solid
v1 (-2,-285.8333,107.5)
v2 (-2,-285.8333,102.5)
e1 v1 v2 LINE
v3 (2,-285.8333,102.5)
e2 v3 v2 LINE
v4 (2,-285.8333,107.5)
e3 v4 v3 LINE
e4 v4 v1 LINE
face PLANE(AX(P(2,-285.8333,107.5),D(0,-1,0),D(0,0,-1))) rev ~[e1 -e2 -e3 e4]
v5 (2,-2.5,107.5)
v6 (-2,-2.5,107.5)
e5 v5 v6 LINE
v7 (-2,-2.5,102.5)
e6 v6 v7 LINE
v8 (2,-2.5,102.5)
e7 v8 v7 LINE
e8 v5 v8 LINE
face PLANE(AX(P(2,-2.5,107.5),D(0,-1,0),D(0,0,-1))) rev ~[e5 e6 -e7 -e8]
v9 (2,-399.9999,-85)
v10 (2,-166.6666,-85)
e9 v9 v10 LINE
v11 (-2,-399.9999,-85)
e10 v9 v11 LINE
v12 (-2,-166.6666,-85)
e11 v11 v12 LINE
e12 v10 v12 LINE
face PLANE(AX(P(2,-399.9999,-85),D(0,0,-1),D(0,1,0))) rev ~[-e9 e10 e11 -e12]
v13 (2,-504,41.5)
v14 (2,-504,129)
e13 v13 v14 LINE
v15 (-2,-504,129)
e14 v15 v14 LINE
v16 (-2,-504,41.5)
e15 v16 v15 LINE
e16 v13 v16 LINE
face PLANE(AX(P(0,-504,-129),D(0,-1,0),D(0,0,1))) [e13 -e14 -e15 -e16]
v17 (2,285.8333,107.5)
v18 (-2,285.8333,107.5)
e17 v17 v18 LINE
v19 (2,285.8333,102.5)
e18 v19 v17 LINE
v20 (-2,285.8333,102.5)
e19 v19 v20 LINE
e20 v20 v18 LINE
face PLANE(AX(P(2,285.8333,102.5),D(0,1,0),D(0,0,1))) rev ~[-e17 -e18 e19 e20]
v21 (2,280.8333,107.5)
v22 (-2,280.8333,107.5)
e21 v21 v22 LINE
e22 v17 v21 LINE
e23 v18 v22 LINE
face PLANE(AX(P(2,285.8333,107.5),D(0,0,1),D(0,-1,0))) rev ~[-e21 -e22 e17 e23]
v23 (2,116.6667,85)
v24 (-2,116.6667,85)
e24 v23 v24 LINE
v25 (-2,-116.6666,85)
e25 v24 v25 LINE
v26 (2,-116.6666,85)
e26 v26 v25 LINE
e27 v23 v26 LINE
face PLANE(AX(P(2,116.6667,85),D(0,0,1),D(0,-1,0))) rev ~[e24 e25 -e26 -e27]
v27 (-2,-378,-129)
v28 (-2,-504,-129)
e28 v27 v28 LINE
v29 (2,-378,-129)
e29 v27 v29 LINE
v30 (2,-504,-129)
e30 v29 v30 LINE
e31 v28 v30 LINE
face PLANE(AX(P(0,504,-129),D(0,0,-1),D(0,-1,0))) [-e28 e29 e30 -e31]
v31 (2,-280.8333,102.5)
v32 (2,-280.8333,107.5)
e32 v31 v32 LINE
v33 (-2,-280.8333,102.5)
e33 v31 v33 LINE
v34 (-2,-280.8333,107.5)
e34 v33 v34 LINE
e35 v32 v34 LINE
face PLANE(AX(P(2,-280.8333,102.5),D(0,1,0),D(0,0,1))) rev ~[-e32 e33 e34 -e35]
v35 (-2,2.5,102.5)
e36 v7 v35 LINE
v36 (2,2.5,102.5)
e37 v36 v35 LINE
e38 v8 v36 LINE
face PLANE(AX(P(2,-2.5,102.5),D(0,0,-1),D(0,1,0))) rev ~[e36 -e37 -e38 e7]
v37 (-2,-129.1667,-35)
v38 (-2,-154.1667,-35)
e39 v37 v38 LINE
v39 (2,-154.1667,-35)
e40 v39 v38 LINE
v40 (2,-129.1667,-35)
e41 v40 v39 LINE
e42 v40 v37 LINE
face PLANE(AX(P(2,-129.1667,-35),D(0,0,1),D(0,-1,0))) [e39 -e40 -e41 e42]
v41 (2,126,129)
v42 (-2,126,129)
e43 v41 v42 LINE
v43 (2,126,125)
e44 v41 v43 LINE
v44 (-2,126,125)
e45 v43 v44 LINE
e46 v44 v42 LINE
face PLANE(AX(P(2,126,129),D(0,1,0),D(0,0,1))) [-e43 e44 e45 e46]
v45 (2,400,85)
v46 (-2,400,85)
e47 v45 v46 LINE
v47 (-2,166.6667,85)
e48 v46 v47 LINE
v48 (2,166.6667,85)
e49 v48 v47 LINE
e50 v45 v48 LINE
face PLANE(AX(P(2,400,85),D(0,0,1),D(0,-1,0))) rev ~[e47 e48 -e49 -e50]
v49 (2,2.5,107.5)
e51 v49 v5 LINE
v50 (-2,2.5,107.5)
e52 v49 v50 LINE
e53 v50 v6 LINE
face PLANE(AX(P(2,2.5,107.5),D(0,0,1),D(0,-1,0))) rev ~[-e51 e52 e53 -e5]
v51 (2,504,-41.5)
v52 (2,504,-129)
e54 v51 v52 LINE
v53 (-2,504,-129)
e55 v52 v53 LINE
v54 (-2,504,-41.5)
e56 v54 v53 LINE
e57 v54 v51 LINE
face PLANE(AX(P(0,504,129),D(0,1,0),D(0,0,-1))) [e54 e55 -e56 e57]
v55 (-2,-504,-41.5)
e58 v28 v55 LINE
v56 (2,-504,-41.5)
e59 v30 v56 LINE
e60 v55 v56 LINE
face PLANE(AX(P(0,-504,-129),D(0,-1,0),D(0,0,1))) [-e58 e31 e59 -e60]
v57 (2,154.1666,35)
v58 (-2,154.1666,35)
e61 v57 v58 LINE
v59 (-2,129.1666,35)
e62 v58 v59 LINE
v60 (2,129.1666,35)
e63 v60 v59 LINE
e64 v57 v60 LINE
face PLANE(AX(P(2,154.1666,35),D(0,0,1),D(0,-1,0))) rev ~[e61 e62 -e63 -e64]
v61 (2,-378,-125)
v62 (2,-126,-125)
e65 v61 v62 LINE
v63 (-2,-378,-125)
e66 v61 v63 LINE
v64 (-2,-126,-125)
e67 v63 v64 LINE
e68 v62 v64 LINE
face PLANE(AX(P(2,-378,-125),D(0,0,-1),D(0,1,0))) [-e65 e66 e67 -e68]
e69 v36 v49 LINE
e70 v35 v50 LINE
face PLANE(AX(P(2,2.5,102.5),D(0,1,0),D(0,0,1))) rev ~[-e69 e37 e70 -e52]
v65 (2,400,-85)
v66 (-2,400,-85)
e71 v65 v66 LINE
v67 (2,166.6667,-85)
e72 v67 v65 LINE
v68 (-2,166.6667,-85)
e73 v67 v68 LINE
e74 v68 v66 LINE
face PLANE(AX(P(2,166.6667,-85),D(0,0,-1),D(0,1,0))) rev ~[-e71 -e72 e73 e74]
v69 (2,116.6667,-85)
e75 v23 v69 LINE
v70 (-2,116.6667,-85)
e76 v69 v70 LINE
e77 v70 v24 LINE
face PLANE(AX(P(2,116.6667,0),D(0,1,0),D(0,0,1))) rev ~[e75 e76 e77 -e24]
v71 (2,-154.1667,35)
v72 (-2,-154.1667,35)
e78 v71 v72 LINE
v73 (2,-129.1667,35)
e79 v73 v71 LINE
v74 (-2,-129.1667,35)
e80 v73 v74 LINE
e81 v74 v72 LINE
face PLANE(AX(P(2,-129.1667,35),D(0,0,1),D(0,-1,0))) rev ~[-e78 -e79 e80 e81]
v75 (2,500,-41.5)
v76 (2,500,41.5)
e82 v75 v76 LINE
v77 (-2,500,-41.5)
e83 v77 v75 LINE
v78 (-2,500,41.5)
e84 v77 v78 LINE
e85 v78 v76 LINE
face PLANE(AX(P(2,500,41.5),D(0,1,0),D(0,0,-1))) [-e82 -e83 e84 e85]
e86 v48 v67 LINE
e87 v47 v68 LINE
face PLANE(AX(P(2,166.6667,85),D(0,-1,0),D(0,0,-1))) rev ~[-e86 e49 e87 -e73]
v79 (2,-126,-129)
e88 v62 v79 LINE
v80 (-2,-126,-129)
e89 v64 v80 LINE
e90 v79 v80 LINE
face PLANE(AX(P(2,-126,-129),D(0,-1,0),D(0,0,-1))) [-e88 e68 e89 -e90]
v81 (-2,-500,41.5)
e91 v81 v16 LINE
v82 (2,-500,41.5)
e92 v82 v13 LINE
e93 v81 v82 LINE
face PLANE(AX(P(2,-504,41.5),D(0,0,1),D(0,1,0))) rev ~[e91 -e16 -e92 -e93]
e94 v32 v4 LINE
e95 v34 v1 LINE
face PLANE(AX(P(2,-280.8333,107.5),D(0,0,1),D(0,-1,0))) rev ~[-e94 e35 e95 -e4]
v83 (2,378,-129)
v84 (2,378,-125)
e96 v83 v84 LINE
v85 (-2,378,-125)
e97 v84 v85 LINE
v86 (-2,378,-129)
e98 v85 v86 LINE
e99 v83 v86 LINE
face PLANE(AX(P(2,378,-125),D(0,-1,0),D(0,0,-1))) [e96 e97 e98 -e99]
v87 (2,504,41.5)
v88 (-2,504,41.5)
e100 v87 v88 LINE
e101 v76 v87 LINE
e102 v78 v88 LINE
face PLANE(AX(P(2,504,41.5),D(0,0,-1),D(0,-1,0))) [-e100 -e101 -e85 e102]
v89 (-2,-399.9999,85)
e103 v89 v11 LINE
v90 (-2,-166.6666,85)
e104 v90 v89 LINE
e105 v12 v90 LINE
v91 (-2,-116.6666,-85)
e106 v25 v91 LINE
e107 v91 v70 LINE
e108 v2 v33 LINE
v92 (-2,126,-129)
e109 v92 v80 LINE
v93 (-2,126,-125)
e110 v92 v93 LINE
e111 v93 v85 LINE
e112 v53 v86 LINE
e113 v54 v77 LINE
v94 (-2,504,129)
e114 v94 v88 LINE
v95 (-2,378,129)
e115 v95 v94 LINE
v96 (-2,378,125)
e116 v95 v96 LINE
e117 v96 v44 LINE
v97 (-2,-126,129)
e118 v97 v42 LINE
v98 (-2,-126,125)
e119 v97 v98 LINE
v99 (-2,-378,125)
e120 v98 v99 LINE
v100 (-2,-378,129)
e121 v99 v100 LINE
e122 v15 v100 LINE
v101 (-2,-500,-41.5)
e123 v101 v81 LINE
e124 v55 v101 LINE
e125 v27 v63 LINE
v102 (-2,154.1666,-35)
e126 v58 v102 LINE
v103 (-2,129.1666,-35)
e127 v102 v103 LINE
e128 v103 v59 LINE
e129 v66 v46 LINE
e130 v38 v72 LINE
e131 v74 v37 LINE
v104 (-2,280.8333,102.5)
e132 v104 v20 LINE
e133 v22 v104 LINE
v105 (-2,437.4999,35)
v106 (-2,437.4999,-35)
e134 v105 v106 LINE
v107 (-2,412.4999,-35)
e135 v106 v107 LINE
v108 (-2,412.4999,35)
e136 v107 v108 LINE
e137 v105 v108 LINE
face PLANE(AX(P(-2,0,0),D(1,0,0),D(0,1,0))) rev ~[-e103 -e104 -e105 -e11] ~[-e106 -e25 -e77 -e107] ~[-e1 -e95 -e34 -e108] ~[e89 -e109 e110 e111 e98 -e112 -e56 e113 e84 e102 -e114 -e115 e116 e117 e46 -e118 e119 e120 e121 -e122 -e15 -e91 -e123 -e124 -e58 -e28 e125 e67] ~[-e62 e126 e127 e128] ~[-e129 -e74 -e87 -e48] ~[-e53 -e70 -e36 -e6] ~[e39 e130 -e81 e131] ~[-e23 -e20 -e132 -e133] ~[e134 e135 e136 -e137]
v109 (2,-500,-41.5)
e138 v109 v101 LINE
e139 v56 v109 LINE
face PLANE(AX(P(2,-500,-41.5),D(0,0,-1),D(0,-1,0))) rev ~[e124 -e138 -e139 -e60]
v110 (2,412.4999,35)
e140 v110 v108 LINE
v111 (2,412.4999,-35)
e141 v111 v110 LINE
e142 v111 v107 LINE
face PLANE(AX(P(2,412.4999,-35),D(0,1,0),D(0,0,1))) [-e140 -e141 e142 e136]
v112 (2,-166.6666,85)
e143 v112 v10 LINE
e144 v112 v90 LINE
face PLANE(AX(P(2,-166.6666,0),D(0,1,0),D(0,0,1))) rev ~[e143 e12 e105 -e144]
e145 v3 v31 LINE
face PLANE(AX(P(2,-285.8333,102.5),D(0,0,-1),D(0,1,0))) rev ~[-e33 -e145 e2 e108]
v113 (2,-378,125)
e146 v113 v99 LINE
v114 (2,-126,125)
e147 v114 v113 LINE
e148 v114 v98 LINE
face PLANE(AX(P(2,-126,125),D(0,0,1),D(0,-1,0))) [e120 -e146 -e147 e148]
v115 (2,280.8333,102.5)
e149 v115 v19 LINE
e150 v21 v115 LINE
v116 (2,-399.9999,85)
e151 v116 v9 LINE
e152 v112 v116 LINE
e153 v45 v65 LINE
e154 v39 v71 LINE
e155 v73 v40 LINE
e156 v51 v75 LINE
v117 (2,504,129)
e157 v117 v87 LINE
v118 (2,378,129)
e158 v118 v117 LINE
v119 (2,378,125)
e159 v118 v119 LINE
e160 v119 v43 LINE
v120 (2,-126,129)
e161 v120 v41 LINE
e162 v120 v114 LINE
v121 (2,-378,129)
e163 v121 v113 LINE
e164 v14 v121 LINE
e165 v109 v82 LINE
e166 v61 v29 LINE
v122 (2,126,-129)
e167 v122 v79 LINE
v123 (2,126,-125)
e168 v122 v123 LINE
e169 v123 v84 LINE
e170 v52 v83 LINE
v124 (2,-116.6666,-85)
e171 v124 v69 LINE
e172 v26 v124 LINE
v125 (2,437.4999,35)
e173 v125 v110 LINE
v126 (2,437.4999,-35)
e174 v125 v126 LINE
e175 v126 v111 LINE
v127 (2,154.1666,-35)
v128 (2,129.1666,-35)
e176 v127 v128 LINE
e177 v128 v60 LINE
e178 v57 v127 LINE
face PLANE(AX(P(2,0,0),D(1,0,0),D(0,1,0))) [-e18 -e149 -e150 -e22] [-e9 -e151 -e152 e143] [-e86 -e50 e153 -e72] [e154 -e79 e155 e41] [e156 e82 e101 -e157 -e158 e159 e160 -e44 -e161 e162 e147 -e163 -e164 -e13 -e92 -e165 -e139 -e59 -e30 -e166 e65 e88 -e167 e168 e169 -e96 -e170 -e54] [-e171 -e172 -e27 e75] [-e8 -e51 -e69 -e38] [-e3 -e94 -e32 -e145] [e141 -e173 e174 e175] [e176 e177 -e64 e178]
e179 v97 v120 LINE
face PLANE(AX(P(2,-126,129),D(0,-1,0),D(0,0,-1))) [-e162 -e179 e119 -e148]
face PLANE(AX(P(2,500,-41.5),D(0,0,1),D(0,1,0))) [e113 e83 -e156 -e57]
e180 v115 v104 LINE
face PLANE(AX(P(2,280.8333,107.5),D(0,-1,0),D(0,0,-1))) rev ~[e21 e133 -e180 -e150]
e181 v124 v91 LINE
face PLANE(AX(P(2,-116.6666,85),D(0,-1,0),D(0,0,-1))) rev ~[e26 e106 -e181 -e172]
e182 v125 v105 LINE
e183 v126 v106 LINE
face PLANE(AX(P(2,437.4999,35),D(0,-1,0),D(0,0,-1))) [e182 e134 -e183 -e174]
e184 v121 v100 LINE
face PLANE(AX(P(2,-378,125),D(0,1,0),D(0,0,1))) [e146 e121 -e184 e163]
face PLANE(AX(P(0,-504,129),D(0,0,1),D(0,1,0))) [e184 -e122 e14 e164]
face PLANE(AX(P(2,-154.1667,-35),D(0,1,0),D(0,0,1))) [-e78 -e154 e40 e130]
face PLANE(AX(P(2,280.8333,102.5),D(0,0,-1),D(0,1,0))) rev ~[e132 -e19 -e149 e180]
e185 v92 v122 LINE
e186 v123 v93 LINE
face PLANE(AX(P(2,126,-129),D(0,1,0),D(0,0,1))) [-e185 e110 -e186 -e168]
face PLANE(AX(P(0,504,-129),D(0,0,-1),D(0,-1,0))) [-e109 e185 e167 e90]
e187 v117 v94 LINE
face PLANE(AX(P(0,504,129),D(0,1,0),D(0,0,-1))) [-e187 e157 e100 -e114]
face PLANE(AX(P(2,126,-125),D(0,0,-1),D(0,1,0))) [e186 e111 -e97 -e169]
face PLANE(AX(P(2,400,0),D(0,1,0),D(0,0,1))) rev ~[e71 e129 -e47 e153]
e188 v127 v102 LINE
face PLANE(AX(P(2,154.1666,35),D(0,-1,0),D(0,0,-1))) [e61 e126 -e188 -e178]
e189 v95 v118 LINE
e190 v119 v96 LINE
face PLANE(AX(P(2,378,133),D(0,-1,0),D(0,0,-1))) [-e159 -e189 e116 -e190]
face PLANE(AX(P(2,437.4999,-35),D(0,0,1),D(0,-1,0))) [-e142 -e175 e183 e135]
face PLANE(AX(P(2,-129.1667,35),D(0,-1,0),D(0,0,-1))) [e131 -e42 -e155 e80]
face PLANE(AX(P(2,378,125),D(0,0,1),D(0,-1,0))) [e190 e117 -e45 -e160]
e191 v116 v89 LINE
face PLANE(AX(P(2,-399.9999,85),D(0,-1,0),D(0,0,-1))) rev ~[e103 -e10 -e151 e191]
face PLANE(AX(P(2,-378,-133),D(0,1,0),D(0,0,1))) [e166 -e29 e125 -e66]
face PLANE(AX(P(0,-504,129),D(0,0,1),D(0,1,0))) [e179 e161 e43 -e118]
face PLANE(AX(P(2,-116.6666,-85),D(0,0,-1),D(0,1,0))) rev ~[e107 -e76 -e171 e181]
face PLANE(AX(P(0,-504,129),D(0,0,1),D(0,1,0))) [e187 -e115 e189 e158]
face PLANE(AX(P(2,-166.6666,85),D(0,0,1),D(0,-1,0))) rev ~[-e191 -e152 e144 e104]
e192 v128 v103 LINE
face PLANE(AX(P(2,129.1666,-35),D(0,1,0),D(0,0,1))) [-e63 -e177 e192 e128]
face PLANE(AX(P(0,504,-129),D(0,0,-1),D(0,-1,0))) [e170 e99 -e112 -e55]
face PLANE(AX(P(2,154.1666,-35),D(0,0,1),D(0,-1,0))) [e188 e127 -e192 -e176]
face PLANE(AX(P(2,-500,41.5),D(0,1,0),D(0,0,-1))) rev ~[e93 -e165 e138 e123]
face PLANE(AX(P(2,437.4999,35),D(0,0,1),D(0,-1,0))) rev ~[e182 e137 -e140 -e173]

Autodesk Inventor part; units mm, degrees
ref_plane "YZ Plane" through (0, 0, 0) normal (1, 0, 0) x (0, 1, 0)
ref_plane "XZ Plane" through (0, 0, 0) normal (0, 1, 0) x (-1, 0, 0)
ref_plane "XY Plane" through (0, 0, 0) normal (0, 0, 1) x (1, 0, 0)
sketch "Esboço1" plane through (0, 0, 0) normal (1, 0, 0) x (0, 1, 0)
  line L0 (-504, 129) -> (504, 129)
  line L1 (504, 129) -> (504, -129)
  line L2 (504, -129) -> (-504, -129)
  line L3 (-504, -129) -> (-504, 129)
  line L4 (-504, 129) -> (504, -129) construction
  line L5 (504, 129) -> (-504, -129) construction
  point P0 (0, 0)
  dimension "d0" = 1008
  dimension "d1" = 258
extrude "Extrusão1" add sketch "Esboço1" along normal mid plane 4
sketch "Esboço2" plane through (2, 0, 0) normal (1, 0, 0) x (0, 0, -1)
  line L0 (-133, 378) -> (-125, 378)
  line L1 (-125, 378) -> (-125, 126)
  line L2 (-125, 126) -> (-133, 126)
  line L3 (-133, 126) -> (-133, 378)
  line L4 (-129, 504) -> (-129, -504) projected
  line L5 (-133, 378) -> (-125, 126) construction
  line L6 (-125, 378) -> (-133, 126) construction
  line L7 (129, 504) -> (-129, 504) projected
  line L8 (-133, -126) -> (-125, -126)
  line L9 (-125, -126) -> (-125, -378)
  line L10 (-125, -378) -> (-133, -378)
  line L11 (-133, -378) -> (-133, -126)
  line L12 (-133, -126) -> (-125, -378) construction
  line L13 (-125, -126) -> (-133, -378) construction
  line L14 (-129, -504) -> (129, -504) projected
  line L15 (125, 378) -> (133, 378)
  line L16 (133, 378) -> (133, 126)
  line L17 (133, 126) -> (125, 126)
  line L18 (125, 126) -> (125, 378)
  line L19 (129, -504) -> (129, 504) projected
  line L20 (125, 378) -> (133, 126) construction
  line L21 (133, 378) -> (125, 126) construction
  line L22 (125, -126) -> (133, -126)
  line L23 (133, -126) -> (133, -378)
  line L24 (133, -378) -> (125, -378)
  line L25 (125, -378) -> (125, -126)
  line L26 (125, -126) -> (133, -378) construction
  line L27 (133, -126) -> (125, -378) construction
  point P0 (0, 0)
  point P1 (-129, 252)
  point P2 (-129, -252)
  point P3 (129, 252)
  point P4 (129, -252)
  dimension "d4" = 8
  dimension "d5" = 252
  dimension "d6" = 126
  dimension "d7" = 8
  dimension "d8" = 252
  dimension "d9" = 252
  dimension "d10" = 126
  dimension "d11" = 126
  dimension "d12" = 252
  dimension "d13" = 8
  dimension "d14" = 252
  dimension "d15" = 8
  dimension "d16" = 252
  dimension "d17" = 126
extrude "Extrusão2" cut sketch "Esboço2" along normal through all both and the other way through all contours L0 L4 L2 L3 | L0 L1 L2 L4 | L8 L9 L10 L4 | L4 L10 L11 L8 | L19 L17 L18 L15 | L15 L16 L17 L19 | L22 L23 L24 L19 | L19 L24 L25 L22
sketch "Esboço3" plane through (2, 0, 0) normal (1, 0, 0) x (0, 0, -1)
  line L0 (-41.5, 500) -> (41.5, 500)
  line L1 (41.5, 500) -> (41.5, 508)
  line L2 (41.5, 508) -> (-41.5, 508)
  line L3 (-41.5, 508) -> (-41.5, 500)
  line L4 (129, 504) -> (-129, 504) projected
  line L5 (-41.5, 500) -> (41.5, 508) construction
  line L6 (41.5, 500) -> (-41.5, 508) construction
  line L7 (-41.5, -500) -> (41.5, -500)
  line L8 (41.5, -500) -> (41.5, -508)
  line L9 (41.5, -508) -> (-41.5, -508)
  line L10 (-41.5, -508) -> (-41.5, -500)
  line L11 (-129, -504) -> (129, -504) projected
  line L12 (-41.5, -500) -> (41.5, -508) construction
  line L13 (41.5, -500) -> (-41.5, -508) construction
  point P0 (0, 0)
  point P1 (0, 504)
  point P2 (0, -504)
  dimension "d20" = 83
  dimension "d21" = 8
  dimension "d22" = 83
  dimension "d23" = 8
extrude "Extrusão3" cut sketch "Esboço3" along normal through all both and the other way through all
sketch "Esboço5" plane through (2, 0, 0) normal (1, 0, 0) x (0, 0, -1)
  line L0 (41.5, 500) -> (-41.5, 500) projected
  line L1 (0, 400) -> (-85, 400)
  line L2 (-125, 378) -> (-125, 126) projected
  line L3 (0, 400) -> (85, 400)
  line L4 (-85, 400) -> (-85, 166.6667)
  line L5 (-85, 166.6667) -> (85, 166.6667)
  line L6 (85, 166.6667) -> (85, 400)
  point P0 (0, 0)
  dimension "d39" = 85
  dimension "d40" = 85
  dimension "d41" = 233.3333
extrude "Extrusão5" cut sketch "Esboço5" against normal through all
pattern_linear "Padrão retangular2" count 3 spacing 283.3333 along (0, -1, 0) of "Extrusão5"
sketch "Esboço6" plane through (2, 0, 0) normal (1, 0, 0) x (0, 0, -1)
  line L0 (-85, -166.6667) -> (85, -166.6667) projected
  line L1 (85, -116.6667) -> (-85, -116.6667) projected
  line L2 (-85, -116.6667) -> (-35, -116.6667)
  line L3 (85, -116.6667) -> (35, -116.6667)
  line L4 (35, -116.6667) -> (-35, -116.6667)
  line L5 (-35, -129.1667) -> (35, -129.1667)
  line L6 (35, -129.1667) -> (35, -154.1667)
  line L7 (35, -154.1667) -> (-35, -154.1667)
  line L8 (-35, -129.1667) -> (-35, -154.1667)
  point P0 (0, 0)
  dimension "d47" = 50
  dimension "d48" = 50
  dimension "d49" = 50
  dimension "d50" = 12.5
  dimension "d51" = 25
extrude "Extrusão6" cut sketch "Esboço6" against normal through all
pattern_linear "Padrão retangular3" count 3 spacing 283.3333 along (0, 1, 0) of "Extrusão6"
sketch "Esboço7" plane through (2, 0, 0) normal (1, 0, 0) x (0, 0, -1)
  line L0 (-85, -400) -> (-85, -166.6667) projected
  line L1 (-125, -126) -> (-125, -378) projected
  line L2 (-85, 166.6667) -> (-85, 400) projected
  line L3 (-107.5, 280.8333) -> (-102.5, 280.8333)
  line L4 (-102.5, 280.8333) -> (-102.5, 285.8333)
  line L5 (-102.5, 285.8333) -> (-107.5, 285.8333)
  line L6 (-107.5, 285.8333) -> (-107.5, 280.8333)
  line L7 (-107.5, 280.8333) -> (-102.5, 285.8333) construction
  line L8 (-102.5, 280.8333) -> (-107.5, 285.8333) construction
  point P0 (0, 0)
  dimension "d60" = 5
  dimension "d61" = 5
extrude "Extrusão7" cut sketch "Esboço7" against normal through all
pattern_linear "Padrão retangular4" count 3 spacing 283.3333 along (0, -1, 0) of "Extrusão7"
properties part number "PAREDE FRONTAL"
